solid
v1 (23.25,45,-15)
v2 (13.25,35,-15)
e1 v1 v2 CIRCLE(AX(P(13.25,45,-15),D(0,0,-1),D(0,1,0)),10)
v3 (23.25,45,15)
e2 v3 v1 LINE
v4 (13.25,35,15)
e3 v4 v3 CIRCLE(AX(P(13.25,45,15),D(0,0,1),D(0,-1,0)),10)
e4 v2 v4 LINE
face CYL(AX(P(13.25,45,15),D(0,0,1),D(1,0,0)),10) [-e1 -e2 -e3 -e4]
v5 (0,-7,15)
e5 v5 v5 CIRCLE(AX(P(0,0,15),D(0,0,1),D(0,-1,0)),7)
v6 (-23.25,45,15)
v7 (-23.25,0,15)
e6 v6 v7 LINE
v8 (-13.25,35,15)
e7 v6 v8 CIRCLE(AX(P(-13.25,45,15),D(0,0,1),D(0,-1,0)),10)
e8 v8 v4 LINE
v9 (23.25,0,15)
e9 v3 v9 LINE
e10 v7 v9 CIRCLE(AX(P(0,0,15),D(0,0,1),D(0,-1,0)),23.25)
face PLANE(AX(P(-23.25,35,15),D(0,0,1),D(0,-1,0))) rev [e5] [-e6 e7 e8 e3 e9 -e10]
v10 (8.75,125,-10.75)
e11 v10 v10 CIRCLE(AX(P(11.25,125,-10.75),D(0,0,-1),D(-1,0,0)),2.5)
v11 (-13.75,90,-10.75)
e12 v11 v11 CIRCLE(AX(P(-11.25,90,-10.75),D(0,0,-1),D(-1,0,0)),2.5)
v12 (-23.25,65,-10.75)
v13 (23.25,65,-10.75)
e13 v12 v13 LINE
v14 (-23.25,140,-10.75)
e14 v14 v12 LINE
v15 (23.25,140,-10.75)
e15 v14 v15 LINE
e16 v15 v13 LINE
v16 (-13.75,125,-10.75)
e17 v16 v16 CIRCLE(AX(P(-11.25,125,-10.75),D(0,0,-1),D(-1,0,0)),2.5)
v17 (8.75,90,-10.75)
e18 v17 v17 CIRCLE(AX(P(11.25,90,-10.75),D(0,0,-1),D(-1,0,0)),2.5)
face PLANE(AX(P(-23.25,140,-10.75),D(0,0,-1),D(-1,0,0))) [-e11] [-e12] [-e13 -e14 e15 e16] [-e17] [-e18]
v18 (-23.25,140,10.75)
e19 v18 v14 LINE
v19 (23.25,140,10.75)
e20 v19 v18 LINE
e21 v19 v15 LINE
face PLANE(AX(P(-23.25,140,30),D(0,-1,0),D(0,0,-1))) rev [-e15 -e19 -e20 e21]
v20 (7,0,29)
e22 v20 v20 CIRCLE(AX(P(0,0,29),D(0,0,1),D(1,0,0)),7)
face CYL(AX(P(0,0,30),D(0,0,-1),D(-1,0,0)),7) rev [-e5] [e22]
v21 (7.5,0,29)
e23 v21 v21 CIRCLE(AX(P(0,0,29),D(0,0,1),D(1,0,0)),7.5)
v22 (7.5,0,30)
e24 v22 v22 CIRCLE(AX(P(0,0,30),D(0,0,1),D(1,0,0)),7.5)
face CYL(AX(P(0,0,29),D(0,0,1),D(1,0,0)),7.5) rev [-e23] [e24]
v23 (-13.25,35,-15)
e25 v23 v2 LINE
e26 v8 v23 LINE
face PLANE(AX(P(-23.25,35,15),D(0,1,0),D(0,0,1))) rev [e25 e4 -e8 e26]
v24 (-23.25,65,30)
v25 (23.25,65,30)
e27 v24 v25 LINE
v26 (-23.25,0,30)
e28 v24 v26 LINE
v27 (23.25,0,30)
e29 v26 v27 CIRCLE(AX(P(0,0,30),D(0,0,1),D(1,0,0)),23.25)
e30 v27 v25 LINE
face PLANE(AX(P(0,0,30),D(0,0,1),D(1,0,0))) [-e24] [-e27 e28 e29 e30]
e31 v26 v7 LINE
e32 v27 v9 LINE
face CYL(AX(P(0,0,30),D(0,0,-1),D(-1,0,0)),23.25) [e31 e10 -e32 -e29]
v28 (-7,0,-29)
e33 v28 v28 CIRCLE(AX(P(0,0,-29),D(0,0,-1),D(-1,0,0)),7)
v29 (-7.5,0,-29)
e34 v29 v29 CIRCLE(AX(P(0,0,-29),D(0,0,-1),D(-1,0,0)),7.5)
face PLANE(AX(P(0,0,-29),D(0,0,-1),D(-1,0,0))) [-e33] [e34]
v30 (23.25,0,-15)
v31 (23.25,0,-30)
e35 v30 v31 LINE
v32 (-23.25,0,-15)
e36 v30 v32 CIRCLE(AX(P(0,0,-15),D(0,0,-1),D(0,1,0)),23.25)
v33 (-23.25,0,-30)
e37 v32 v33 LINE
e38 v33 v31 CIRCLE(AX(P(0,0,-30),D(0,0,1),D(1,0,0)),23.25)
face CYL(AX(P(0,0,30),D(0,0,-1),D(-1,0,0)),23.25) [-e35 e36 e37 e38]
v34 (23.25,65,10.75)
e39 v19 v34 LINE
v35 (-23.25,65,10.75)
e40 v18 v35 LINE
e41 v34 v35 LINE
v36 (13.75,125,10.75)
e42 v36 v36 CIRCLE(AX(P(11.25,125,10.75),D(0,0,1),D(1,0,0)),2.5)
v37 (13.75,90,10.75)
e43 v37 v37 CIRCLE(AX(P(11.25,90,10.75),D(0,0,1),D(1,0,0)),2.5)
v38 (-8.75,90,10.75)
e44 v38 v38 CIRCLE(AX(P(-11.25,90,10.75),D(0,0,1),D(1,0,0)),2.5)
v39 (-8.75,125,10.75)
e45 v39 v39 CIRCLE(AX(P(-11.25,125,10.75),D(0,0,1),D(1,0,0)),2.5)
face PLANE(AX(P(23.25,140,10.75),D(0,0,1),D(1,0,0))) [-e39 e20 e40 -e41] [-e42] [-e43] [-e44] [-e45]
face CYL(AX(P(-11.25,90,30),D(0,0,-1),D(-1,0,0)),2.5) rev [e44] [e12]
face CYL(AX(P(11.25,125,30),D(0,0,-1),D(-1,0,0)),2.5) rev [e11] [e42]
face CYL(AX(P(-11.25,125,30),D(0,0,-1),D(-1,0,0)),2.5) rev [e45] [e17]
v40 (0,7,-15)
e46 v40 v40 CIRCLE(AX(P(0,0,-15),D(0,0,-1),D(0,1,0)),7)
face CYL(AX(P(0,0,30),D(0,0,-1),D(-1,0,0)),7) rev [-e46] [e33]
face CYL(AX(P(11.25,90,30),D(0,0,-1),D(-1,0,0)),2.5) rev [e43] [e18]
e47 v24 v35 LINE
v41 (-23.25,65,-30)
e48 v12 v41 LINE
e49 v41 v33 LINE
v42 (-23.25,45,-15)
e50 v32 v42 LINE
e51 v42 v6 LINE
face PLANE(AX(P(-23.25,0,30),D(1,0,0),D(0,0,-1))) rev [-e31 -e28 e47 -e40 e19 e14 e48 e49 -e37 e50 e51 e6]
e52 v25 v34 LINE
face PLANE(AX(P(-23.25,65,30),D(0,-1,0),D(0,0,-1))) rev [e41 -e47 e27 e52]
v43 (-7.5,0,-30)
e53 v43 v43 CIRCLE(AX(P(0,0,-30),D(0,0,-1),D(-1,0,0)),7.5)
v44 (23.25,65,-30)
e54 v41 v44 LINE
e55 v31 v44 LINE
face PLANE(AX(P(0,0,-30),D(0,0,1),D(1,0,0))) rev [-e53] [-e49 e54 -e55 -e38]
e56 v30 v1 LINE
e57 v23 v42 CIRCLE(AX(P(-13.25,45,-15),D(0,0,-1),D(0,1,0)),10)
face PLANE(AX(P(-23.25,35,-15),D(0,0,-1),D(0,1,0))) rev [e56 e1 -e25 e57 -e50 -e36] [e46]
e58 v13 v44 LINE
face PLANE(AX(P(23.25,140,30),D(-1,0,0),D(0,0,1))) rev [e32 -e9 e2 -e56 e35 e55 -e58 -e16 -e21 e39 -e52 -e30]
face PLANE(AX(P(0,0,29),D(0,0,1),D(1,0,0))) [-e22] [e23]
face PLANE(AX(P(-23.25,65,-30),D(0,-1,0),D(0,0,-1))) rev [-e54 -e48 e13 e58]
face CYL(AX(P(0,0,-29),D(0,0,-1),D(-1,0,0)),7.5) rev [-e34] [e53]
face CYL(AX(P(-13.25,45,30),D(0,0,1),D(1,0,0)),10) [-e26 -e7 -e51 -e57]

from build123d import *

# Parameters (mm, degrees)
SKETCH1_R           = 7
SKETCH1_R_2         = 2.5
BOSS_EXTRUDE1_DEPTH = 30
SKETCH2_W           = 30
SKETCH2_H           = 58.25
CUT_EXTRUDE1_DEPTH  = 151.539861831
SKETCH3_R           = 7.5
CUT_EXTRUDE2_DEPTH  = 1
CUT_EXTRUDE3_START  = -1
SKETCH4_R           = 7.5
CUT_EXTRUDE3_DEPTH  = 1
SKETCH6_W           = 17.3
SKETCH6_H           = 75
CUT_EXTRUDE4_DEPTH  = 151.539861831
SKETCH7_W           = 46.5
SKETCH7_H           = 1.95
CUT_EXTRUDE5_DEPTH  = 97.065732704
FILLET1_R           = 10


with BuildPart() as part:
    # Sketch1 → Boss-Extrude1 (new, symmetric)
    with BuildSketch(Plane.XY):
        with BuildLine():
            Line((-23.25, 0), (-23.25, 140))
            Line((-23.25, 140), (23.25, 140))
            Line((23.25, 140), (23.25, 0))
            ThreePointArc((23.25, 0), (0, -23.25), (-23.25, 0))
        make_face()
        Circle(SKETCH1_R, mode=Mode.SUBTRACT)
        with Locations((-11.25, 125)):
            Circle(SKETCH1_R_2, mode=Mode.SUBTRACT)
        with Locations((11.25, 125)):
            Circle(SKETCH1_R_2, mode=Mode.SUBTRACT)
        with Locations((11.25, 90)):
            Circle(SKETCH1_R_2, mode=Mode.SUBTRACT)
        with Locations((-11.25, 90)):
            Circle(SKETCH1_R_2, mode=Mode.SUBTRACT)
    extrude(amount=BOSS_EXTRUDE1_DEPTH, both=True)

    # Sketch2 → Cut-Extrude1 (cut, through all)
    with BuildSketch(Plane(origin=(23.25, 0, 0), x_dir=(0, 0, -1), z_dir=(1, 0, 0))):
        with Locations((0, 5.875)):
            Rectangle(SKETCH2_W, SKETCH2_H)
    extrude(amount=-CUT_EXTRUDE1_DEPTH, mode=Mode.SUBTRACT)

    # Sketch3 → Cut-Extrude2 (cut)
    with BuildSketch(Plane.XY.offset(30)):
        Circle(SKETCH3_R)
    extrude(amount=-CUT_EXTRUDE2_DEPTH, mode=Mode.SUBTRACT)

    # Sketch4 → Cut-Extrude3 (cut)
    with BuildSketch(Plane(origin=(0, 0, -30), x_dir=(-1, 0, 0), z_dir=(0, 0, -1)).offset(CUT_EXTRUDE3_START)):
        with Locations(Location((0, 0, 0), (0, 0, 180))):
            Circle(SKETCH4_R)
    extrude(amount=CUT_EXTRUDE3_DEPTH, mode=Mode.SUBTRACT)

    # Sketch6 → Cut-Extrude4 (cut, through all)
    with BuildSketch(Plane(origin=(23.25, 0, 0), x_dir=(0, 0, -1), z_dir=(1, 0, 0))):
        with Locations((-21.35, 102.5)):
            Rectangle(SKETCH6_W, SKETCH6_H)
        with Locations((21.35, 102.5)):
            Rectangle(SKETCH6_W, SKETCH6_H)
    extrude(amount=-CUT_EXTRUDE4_DEPTH, mode=Mode.SUBTRACT)

    # Sketch7 → Cut-Extrude5 (cut, through all)
    with BuildSketch(Plane(origin=(0, 65, 0), x_dir=(1, 0, 0), z_dir=(0, 1, 0))):
        with Locations((0, 11.725)):
            Rectangle(SKETCH7_W, SKETCH7_H)
        with Locations((0, -11.725)):
            Rectangle(SKETCH7_W, SKETCH7_H)
    extrude(amount=CUT_EXTRUDE5_DEPTH, mode=Mode.SUBTRACT)

    # Fillet1
    fillet1_edges = [part.edges().sort_by_distance(p)[0] for p in [
        (23.25, 35, 0),
        (-23.25, 35, 0),
    ]]
    fillet(fillet1_edges, radius=FILLET1_R)


solid = part.part
